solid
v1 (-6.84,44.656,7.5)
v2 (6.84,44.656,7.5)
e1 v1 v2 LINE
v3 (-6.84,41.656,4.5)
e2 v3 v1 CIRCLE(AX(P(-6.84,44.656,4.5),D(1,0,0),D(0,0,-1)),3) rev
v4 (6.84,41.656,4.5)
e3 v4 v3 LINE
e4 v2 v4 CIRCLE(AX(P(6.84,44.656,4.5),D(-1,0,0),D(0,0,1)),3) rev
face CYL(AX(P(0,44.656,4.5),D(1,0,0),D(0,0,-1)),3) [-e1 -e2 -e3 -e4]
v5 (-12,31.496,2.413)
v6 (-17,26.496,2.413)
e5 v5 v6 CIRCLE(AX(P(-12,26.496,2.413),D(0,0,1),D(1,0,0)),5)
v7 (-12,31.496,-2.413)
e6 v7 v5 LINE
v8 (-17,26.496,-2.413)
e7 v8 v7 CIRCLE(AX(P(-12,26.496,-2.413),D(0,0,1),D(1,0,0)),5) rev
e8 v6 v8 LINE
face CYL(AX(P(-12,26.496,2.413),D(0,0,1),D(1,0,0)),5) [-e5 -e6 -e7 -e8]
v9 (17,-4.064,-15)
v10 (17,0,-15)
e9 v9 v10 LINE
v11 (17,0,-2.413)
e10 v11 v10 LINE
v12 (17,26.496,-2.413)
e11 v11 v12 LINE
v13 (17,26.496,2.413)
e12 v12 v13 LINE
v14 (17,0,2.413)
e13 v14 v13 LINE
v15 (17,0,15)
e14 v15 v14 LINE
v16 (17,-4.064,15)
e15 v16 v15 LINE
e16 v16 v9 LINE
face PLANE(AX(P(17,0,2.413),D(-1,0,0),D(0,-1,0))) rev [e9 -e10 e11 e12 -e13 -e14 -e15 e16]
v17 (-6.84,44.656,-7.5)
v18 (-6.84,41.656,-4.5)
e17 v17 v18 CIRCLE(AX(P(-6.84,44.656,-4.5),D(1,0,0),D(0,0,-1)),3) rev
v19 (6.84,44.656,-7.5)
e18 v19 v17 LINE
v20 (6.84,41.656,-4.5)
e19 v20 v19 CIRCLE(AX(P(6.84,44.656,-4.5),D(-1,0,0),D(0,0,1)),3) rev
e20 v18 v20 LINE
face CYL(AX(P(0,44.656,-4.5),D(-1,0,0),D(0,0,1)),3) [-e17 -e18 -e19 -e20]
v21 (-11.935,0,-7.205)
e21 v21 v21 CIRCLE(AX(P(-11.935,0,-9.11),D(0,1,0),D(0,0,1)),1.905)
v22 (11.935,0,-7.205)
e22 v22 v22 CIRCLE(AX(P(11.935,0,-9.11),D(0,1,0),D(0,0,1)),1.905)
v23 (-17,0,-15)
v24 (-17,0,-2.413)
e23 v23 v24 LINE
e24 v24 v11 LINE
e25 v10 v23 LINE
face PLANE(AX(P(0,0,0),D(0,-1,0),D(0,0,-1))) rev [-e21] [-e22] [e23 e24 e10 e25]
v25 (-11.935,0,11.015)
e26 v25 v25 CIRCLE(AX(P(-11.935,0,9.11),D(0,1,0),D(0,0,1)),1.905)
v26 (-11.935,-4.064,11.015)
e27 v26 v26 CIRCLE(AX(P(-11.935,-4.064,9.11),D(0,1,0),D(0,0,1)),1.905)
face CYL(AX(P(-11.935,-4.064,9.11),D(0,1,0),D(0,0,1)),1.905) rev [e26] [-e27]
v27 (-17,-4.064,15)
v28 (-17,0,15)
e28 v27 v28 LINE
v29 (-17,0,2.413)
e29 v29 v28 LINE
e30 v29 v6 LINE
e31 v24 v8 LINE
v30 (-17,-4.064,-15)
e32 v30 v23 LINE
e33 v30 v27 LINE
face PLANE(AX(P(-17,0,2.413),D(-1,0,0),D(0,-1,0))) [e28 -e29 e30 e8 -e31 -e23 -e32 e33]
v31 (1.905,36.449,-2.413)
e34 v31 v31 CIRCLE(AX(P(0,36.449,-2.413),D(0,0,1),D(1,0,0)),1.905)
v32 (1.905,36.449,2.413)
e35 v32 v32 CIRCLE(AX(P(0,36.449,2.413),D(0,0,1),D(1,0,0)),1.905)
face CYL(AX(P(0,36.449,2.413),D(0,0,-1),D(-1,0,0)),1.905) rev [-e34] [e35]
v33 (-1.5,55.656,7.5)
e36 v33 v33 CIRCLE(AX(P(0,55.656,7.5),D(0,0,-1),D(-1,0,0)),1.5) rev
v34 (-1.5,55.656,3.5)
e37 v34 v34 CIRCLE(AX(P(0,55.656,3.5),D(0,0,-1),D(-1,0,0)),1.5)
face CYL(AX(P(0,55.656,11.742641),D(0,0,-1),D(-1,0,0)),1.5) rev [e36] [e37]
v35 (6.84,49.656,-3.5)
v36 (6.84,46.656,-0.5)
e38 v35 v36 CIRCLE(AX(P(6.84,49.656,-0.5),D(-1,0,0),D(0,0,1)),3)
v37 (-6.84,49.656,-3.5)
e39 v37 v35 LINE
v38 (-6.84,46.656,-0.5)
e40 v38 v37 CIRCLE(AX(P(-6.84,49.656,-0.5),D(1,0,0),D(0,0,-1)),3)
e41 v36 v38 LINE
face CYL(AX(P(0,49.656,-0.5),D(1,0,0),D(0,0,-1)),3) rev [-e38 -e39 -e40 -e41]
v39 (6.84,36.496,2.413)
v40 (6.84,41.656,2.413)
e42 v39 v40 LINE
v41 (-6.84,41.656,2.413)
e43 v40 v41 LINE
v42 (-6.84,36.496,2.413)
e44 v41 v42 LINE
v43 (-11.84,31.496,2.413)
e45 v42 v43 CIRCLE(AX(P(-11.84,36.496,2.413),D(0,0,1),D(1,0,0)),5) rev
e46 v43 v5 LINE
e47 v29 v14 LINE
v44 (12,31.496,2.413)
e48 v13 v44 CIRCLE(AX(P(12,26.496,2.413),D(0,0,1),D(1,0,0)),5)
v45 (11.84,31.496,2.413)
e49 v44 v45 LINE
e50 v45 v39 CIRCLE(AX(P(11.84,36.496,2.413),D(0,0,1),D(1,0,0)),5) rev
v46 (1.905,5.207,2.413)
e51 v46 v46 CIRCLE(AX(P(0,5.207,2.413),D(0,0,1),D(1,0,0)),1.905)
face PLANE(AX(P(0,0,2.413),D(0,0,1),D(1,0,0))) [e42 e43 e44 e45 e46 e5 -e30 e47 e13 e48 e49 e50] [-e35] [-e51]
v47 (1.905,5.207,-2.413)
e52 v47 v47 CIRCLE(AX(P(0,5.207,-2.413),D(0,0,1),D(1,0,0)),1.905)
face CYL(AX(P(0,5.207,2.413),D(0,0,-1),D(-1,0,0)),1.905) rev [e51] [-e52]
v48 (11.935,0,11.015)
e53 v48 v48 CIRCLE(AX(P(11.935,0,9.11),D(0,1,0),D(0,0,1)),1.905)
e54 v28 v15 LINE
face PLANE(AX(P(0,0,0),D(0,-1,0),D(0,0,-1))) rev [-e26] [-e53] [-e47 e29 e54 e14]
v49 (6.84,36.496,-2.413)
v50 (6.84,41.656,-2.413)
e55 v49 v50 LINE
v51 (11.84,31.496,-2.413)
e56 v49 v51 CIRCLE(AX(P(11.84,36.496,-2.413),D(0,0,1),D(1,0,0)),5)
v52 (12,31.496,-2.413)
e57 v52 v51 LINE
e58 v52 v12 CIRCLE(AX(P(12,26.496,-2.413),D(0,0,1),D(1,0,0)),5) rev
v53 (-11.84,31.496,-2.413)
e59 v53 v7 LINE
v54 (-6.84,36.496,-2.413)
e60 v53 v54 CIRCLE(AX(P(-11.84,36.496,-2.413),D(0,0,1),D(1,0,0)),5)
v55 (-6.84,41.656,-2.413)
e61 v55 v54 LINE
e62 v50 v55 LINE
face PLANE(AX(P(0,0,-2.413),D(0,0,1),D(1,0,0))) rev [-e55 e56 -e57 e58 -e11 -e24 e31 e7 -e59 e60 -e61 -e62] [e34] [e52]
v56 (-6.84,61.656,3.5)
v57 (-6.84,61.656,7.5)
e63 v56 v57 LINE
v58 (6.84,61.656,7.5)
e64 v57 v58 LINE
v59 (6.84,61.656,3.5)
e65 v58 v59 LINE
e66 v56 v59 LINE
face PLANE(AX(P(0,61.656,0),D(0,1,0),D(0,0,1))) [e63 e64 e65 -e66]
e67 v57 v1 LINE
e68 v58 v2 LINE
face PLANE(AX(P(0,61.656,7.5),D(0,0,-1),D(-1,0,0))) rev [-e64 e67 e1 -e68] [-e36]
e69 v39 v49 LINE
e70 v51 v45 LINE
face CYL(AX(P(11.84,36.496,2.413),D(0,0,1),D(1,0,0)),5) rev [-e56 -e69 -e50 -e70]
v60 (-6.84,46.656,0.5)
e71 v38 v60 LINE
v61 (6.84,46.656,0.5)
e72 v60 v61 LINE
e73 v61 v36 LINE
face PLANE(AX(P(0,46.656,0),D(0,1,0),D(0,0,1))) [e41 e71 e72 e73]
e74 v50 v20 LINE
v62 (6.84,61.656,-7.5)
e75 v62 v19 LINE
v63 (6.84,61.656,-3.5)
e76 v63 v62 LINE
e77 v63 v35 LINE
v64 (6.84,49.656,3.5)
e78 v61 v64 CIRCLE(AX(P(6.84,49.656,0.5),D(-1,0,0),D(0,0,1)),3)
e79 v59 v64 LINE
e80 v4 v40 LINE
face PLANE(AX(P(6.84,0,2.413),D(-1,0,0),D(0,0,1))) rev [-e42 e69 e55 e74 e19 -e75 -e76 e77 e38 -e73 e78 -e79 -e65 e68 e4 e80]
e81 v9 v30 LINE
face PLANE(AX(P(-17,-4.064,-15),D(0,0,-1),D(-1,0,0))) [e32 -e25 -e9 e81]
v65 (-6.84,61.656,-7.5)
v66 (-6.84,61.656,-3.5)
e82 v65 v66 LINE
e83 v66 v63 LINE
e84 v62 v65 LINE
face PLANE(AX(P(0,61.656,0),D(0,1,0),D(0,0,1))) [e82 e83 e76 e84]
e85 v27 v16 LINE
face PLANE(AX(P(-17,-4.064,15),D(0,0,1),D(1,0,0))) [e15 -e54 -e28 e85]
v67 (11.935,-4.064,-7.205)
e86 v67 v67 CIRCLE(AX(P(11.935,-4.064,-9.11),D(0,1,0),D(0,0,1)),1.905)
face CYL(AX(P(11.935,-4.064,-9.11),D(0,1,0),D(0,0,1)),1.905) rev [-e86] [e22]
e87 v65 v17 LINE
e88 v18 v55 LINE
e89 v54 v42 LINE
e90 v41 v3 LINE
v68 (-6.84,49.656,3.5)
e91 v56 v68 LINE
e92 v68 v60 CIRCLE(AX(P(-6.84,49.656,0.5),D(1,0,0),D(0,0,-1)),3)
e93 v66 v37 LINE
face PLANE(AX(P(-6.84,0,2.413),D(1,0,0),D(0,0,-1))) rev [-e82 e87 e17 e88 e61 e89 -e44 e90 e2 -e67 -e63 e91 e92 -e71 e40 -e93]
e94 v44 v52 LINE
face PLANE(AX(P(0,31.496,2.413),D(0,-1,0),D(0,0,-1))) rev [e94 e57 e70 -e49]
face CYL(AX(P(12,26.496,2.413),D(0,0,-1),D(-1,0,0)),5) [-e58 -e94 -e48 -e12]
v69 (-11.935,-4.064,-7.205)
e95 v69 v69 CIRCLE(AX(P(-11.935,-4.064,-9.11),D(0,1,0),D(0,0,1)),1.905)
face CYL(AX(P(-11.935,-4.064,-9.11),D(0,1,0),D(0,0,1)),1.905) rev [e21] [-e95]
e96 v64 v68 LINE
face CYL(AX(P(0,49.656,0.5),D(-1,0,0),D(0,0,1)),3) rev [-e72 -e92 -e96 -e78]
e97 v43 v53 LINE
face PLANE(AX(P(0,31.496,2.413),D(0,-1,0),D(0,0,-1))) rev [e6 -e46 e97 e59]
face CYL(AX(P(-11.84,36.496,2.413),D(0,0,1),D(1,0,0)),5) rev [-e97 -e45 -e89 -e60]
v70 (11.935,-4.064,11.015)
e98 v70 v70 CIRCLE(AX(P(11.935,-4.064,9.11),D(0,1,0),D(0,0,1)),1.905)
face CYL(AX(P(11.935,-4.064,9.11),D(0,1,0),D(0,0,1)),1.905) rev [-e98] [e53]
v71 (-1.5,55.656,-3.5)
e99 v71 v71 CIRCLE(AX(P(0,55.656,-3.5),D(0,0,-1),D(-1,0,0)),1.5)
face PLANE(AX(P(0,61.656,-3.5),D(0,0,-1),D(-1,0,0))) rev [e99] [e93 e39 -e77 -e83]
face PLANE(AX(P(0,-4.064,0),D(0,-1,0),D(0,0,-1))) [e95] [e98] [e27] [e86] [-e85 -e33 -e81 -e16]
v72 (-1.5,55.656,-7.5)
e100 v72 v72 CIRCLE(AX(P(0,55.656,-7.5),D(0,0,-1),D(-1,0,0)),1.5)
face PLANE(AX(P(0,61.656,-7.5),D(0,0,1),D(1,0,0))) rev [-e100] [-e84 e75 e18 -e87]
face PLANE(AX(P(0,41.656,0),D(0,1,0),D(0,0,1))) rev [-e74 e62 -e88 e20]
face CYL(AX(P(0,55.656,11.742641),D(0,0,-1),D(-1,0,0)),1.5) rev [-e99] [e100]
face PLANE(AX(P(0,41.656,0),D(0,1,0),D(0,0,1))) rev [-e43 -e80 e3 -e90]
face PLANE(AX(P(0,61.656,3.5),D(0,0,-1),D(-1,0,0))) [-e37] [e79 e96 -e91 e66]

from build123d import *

# Parameters (mm, degrees)
SKETCH1_R           = 1.905
BOSS_EXTRUDE1_DEPTH = 2.413
SKETCH3_W           = 34
SKETCH3_H           = 30
SKETCH3_R           = 1.905
BOSS_EXTRUDE2_DEPTH = 4.064
FILLET1_R           = 5
SKETCH5_W           = 13.68
SKETCH5_H           = 4.826
SKETCH5_H_2         = 1.087
BOSS_EXTRUDE4_DEPTH = 5
SKETCH5_3_W         = 13.68
SKETCH5_3_H         = 4
BOSS_EXTRUDE5_DEPTH = 20
CUT_EXTRUDE1_REACH  = 69.799
SKETCH6_R           = 1.5
FILLET2_R           = 3


with BuildPart() as part:
    # Sketch1 → Boss-Extrude1 (new, symmetric)
    # profile 1 of 2: a face of its own
    with BuildSketch(Plane.XY):
        Polygon((-17, 31.496), (-17, 0), (17, 0), (17, 31.496), (6.84, 31.496), (6.84, 41.656), (-6.84, 41.656), (-6.84, 31.496), align=None)
        with Locations((0, 5.207)):
            Circle(SKETCH1_R, mode=Mode.SUBTRACT)
        with Locations((0, 36.449)):
            Circle(SKETCH1_R, mode=Mode.SUBTRACT)
    # profile 2 of 2: a face of its own
    with BuildSketch(Plane.XY):
        Polygon((-17, 31.496), (-17, 0), (17, 0), (17, 31.496), (6.84, 31.496), (6.84, 41.656), (-6.84, 41.656), (-6.84, 31.496), align=None)
        with Locations((0, 5.207)):
            Circle(SKETCH1_R, mode=Mode.SUBTRACT)
        with Locations((0, 36.449)):
            Circle(SKETCH1_R, mode=Mode.SUBTRACT)
    extrude(amount=BOSS_EXTRUDE1_DEPTH, both=True)

    # Sketch3 → Boss-Extrude2 (add)
    with BuildSketch(Plane(origin=(0, 0, 0), x_dir=(1, 0, 0), z_dir=(0, 1, 0))):
        Rectangle(SKETCH3_W, SKETCH3_H)
        with Locations(Location((-11.935, -9.11, 0), (0, 0, 270))):
            Circle(SKETCH3_R, mode=Mode.SUBTRACT)
        with Locations(Location((11.935, -9.11, 0), (0, 0, 270))):
            Circle(SKETCH3_R, mode=Mode.SUBTRACT)
        with Locations(Location((11.935, 9.11, 0), (0, 0, 270))):
            Circle(SKETCH3_R, mode=Mode.SUBTRACT)
        with Locations(Location((-11.935, 9.11, 0), (0, 0, 270))):
            Circle(SKETCH3_R, mode=Mode.SUBTRACT)
    extrude(amount=-BOSS_EXTRUDE2_DEPTH)

    # Fillet1
    fillet1_edges = [part.edges().sort_by_distance(p)[0] for p in [
        (6.84, 31.496, 0),
        (17, 31.496, 0),
        (-17, 31.496, 0),
        (-6.84, 31.496, 0),
    ]]
    fillet(fillet1_edges, radius=FILLET1_R)

    # Sketch5 → Boss-Extrude4 (add)
    with BuildSketch(Plane(origin=(0, 41.656, 0), x_dir=(1, 0, 0), z_dir=(0, 1, 0))):
        Rectangle(SKETCH5_W, SKETCH5_H)
        with Locations((0, -2.9565)):
            Rectangle(SKETCH5_W, SKETCH5_H_2)
        with Locations((0, 2.9565)):
            Rectangle(SKETCH5_W, SKETCH5_H_2)
    extrude(amount=BOSS_EXTRUDE4_DEPTH)

    # Sketch5<3> → Boss-Extrude5 (add)
    with BuildSketch(Plane(origin=(0, 41.656, 0), x_dir=(1, 0, 0), z_dir=(0, 1, 0))):
        with Locations((0, -5.5)):
            Rectangle(SKETCH5_3_W, SKETCH5_3_H)
        with Locations((0, 5.5)):
            Rectangle(SKETCH5_3_W, SKETCH5_3_H)
    extrude(amount=BOSS_EXTRUDE5_DEPTH)

    # Cut-Extrude1: up to this face of the body (flat: up to its plane)
    cut_extrude1_end = Plane(part.part.faces().sort_by_distance((0, 51.656, 7.5))[0])
    # Sketch6 → Cut-Extrude1 (cut, up to the picked face)
    with BuildSketch(Plane(origin=(0, 0, -7.5), x_dir=(-1, 0, 0), z_dir=(0, 0, -1)), mode=Mode.PRIVATE) as cut_extrude1_sk1:
        with Locations((0, 55.656)):
            Circle(SKETCH6_R)
    cut_extrude1_tool1 = split(extrude(cut_extrude1_sk1.sketch, amount=-CUT_EXTRUDE1_REACH, mode=Mode.PRIVATE), bisect_by=cut_extrude1_end, keep=Keep.BOTH, mode=Mode.PRIVATE)
    add(cut_extrude1_tool1.solids().sort_by(Axis((0, 55.656, -7.5), (0, 0, 1)))[0], mode=Mode.SUBTRACT)

    # Fillet2
    fillet2_edges = [part.edges().sort_by_distance(p)[0] for p in [
        (0, 41.656, -7.5),
        (0, 46.656, -3.5),
        (0, 46.656, 3.5),
        (0, 41.656, 7.5),
    ]]
    fillet(fillet2_edges, radius=FILLET2_R)


solid = part.part
